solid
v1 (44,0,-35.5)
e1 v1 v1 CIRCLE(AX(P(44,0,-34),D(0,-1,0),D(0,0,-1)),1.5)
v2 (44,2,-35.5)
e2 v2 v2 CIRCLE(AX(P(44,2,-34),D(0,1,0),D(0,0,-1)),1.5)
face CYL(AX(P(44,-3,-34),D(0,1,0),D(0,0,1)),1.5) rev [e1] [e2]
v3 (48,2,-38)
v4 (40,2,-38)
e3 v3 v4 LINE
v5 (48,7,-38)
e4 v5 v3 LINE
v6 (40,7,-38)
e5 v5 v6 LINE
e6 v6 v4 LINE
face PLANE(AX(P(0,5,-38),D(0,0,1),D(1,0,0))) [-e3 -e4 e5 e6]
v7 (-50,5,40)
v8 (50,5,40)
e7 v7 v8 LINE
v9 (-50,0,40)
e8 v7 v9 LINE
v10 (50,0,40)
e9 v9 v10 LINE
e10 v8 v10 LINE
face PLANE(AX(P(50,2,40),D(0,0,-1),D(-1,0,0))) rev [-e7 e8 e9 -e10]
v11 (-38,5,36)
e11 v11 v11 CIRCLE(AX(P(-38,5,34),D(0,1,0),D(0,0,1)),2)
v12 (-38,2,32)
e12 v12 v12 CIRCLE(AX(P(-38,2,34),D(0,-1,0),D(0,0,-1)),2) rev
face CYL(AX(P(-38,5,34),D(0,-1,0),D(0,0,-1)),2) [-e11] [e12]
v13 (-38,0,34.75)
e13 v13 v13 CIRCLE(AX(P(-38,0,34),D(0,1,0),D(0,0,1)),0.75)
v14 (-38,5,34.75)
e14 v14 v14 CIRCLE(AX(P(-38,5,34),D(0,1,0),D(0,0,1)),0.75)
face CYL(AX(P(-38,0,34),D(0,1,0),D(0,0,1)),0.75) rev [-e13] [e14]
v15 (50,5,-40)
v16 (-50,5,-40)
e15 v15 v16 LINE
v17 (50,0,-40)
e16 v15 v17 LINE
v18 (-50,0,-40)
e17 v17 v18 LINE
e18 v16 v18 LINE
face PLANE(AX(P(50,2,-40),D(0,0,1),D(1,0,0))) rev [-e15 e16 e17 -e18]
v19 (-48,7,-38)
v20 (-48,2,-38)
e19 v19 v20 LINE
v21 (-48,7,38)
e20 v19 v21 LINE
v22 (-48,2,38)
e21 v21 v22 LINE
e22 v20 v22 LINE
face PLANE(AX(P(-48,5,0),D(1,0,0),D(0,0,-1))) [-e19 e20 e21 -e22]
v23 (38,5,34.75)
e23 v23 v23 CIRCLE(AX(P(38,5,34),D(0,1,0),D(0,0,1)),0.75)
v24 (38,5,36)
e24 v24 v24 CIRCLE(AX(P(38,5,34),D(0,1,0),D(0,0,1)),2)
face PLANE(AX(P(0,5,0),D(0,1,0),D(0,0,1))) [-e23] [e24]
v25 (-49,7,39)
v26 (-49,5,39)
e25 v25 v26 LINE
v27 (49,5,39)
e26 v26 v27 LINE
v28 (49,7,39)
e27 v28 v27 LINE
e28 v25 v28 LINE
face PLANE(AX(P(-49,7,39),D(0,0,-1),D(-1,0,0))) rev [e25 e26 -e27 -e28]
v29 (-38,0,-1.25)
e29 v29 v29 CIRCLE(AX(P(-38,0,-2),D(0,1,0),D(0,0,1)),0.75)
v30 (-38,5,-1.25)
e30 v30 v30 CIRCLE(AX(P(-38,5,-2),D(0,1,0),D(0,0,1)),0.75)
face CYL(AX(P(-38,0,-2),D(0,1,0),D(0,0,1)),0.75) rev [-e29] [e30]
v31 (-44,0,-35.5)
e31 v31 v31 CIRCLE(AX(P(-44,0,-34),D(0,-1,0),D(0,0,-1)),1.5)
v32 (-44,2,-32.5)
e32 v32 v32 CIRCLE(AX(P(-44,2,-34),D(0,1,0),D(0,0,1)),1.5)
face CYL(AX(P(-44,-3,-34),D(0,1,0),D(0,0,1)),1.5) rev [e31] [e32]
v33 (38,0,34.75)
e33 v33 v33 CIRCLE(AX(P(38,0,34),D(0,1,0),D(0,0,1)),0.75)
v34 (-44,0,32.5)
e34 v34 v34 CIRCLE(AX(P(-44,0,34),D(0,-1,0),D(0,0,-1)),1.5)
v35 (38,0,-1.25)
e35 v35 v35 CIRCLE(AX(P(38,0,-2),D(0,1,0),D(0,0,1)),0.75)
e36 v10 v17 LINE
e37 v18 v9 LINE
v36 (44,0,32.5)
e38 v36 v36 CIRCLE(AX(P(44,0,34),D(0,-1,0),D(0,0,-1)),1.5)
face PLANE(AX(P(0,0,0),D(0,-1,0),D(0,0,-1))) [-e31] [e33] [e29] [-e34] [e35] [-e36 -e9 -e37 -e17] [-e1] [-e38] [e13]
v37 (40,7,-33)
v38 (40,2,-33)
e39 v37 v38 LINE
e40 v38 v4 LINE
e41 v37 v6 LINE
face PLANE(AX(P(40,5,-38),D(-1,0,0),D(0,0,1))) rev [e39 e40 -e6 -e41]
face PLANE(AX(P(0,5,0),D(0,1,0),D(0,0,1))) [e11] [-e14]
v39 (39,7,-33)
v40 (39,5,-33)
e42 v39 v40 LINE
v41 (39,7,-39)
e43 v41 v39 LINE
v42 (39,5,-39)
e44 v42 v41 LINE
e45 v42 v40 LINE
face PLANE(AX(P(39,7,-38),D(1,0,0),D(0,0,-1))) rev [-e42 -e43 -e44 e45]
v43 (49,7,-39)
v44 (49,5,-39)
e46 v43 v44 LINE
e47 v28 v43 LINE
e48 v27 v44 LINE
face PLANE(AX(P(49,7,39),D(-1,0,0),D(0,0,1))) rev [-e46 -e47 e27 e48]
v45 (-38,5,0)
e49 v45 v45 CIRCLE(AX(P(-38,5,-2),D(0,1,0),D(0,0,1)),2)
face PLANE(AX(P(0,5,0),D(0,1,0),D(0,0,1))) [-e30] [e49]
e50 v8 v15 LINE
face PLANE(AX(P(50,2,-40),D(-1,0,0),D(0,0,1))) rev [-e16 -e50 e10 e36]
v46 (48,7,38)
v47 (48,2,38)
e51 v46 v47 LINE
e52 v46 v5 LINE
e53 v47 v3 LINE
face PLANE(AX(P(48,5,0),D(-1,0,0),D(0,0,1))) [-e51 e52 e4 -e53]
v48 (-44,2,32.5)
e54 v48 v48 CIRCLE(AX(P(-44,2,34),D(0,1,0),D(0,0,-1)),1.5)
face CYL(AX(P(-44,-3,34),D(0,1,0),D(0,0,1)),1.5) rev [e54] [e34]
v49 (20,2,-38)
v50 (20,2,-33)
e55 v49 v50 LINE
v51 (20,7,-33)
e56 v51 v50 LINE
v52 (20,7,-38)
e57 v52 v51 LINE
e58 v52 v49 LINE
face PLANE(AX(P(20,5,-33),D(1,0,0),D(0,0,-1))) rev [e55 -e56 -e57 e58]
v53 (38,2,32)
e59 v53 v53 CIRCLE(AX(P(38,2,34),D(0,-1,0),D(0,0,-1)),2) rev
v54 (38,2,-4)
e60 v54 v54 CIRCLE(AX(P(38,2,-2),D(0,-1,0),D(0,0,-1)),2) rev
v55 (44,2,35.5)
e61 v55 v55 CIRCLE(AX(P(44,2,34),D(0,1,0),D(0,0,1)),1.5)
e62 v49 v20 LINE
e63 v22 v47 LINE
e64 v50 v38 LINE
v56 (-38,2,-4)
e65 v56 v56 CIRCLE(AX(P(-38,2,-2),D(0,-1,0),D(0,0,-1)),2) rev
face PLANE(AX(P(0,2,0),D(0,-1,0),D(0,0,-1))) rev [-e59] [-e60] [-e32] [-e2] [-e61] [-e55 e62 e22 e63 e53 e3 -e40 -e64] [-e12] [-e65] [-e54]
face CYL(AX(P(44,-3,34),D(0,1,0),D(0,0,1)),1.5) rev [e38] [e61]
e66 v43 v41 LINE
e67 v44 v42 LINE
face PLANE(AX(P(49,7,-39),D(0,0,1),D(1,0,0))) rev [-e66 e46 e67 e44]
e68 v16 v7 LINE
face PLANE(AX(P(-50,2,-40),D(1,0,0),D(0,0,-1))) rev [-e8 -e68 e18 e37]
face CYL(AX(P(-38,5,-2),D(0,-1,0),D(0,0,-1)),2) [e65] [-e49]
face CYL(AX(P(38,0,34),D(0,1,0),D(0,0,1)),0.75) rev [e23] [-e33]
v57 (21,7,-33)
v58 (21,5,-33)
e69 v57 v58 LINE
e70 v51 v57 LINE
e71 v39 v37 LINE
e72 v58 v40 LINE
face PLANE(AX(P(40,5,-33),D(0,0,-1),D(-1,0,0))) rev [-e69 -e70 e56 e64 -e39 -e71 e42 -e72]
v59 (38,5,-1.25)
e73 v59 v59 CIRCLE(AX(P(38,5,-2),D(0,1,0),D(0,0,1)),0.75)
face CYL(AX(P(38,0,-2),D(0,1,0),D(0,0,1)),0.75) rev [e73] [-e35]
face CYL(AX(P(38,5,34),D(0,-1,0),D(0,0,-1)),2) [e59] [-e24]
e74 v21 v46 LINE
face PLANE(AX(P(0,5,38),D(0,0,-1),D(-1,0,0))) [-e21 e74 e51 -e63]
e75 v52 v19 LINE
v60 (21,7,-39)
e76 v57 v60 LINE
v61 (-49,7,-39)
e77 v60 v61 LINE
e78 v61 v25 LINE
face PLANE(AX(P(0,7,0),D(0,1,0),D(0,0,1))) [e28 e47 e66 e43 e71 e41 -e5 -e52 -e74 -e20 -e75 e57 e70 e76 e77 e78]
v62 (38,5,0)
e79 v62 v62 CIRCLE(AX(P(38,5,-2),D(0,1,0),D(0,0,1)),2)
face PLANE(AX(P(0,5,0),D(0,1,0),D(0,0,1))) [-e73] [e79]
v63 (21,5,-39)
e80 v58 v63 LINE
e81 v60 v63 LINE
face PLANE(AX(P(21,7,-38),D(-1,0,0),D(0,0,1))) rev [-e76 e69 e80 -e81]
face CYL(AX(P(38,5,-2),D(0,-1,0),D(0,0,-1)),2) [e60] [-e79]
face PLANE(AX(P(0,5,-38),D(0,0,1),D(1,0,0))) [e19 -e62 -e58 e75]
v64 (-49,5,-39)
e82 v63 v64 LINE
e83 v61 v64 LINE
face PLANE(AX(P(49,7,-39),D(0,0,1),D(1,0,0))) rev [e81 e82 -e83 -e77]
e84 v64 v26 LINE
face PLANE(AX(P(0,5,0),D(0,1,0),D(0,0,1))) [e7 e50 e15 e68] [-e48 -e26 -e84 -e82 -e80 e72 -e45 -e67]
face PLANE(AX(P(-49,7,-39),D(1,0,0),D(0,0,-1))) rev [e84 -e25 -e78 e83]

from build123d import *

# Parameters (mm, degrees)
ESQUISSE1_W             = 100
ESQUISSE1_H             = 80
BOSS_EXTRU_1_DEPTH      = 2
ESQUISSE2_W             = 100
ESQUISSE2_H             = 80
ESQUISSE2_W_2           = 96
ESQUISSE2_H_2           = 76
ESQUISSE2_R             = 2
BOSS_EXTRU_2_DEPTH      = 3
ESQUISSE3_R             = 0.75
ENL_V_MAT_EXTRU_1_DEPTH = 5
ESQUISSE4_R             = 1.5
ENL_V_MAT_EXTRU_2_DEPTH = 5
ESQUISSE5_W             = 98
ESQUISSE5_H             = 78
ESQUISSE5_W_2           = 96
ESQUISSE5_H_2           = 76
BOSS_EXTRU_3_DEPTH      = 2
ESQUISSE6_W             = 20
ESQUISSE6_H             = 5
BOSS_EXTRU_4_DEPTH      = 3
ESQUISSE7_W             = 1
ESQUISSE7_H             = 5
BOSS_EXTRU_5_DEPTH      = 2
ESQUISSE8_W             = 18
ESQUISSE8_H             = 2
ENL_V_MAT_EXTRU_3_DEPTH = 2


with BuildPart() as part:
    # Esquisse1 → Boss.-Extru.1 (new body)
    with BuildSketch(Plane(origin=(0, 0, 0), x_dir=(1, 0, 0), z_dir=(0, 1, 0))):
        Rectangle(ESQUISSE1_W, ESQUISSE1_H)
    extrude(amount=BOSS_EXTRU_1_DEPTH)

    # Esquisse2 → Boss.-Extru.2 (add)
    with BuildSketch(Plane(origin=(0, 2, 0), x_dir=(1, 0, 0), z_dir=(0, 1, 0))):
        Rectangle(ESQUISSE2_W, ESQUISSE2_H)
        Rectangle(ESQUISSE2_W_2, ESQUISSE2_H_2, mode=Mode.SUBTRACT)
        with Locations((38, -34)):
            Circle(ESQUISSE2_R)
        with Locations((38, 2)):
            Circle(ESQUISSE2_R)
        with Locations((-38, -34)):
            Circle(ESQUISSE2_R)
        with Locations((-38, 2)):
            Circle(ESQUISSE2_R)
    extrude(amount=BOSS_EXTRU_2_DEPTH)

    # Esquisse3 → Enlèv. mat.-Extru.1 (cut)
    with BuildSketch(Plane(origin=(0, 5, 0), x_dir=(1, 0, 0), z_dir=(0, 1, 0))):
        with Locations((-38, 2)):
            Circle(ESQUISSE3_R)
        with Locations((-38, -34)):
            Circle(ESQUISSE3_R)
        with Locations((38, 2)):
            Circle(ESQUISSE3_R)
        with Locations((38, -34)):
            Circle(ESQUISSE3_R)
    extrude(amount=-ENL_V_MAT_EXTRU_1_DEPTH, mode=Mode.SUBTRACT)

    # Esquisse4 → Enlèv. mat.-Extru.2 (cut)
    with BuildSketch(Plane(origin=(0, 2, 0), x_dir=(1, 0, 0), z_dir=(0, 1, 0))):
        with Locations((-44, 34)):
            Circle(ESQUISSE4_R)
        with Locations((44, 34)):
            Circle(ESQUISSE4_R)
        with Locations((44, -34)):
            Circle(ESQUISSE4_R)
        with Locations((-44, -34)):
            Circle(ESQUISSE4_R)
    extrude(amount=-ENL_V_MAT_EXTRU_2_DEPTH, mode=Mode.SUBTRACT)

    # Esquisse5 → Boss.-Extru.3 (add)
    with BuildSketch(Plane(origin=(0, 5, 0), x_dir=(1, 0, 0), z_dir=(0, 1, 0))):
        Rectangle(ESQUISSE5_W, ESQUISSE5_H)
        Rectangle(ESQUISSE5_W_2, ESQUISSE5_H_2, mode=Mode.SUBTRACT)
    extrude(amount=BOSS_EXTRU_3_DEPTH)

    # Esquisse6 → Boss.-Extru.4 (add)
    with BuildSketch(Plane(origin=(0, 2, 0), x_dir=(1, 0, 0), z_dir=(0, 1, 0))):
        with Locations((30, 35.5)):
            Rectangle(ESQUISSE6_W, ESQUISSE6_H)
    extrude(amount=BOSS_EXTRU_4_DEPTH)

    # Esquisse7 → Boss.-Extru.5 (add)
    with BuildSketch(Plane(origin=(0, 5, 0), x_dir=(1, 0, 0), z_dir=(0, 1, 0))):
        with Locations((20.5, 35.5)):
            Rectangle(ESQUISSE7_W, ESQUISSE7_H)
        with Locations((39.5, 35.5)):
            Rectangle(ESQUISSE7_W, ESQUISSE7_H)
    extrude(amount=BOSS_EXTRU_5_DEPTH)

    # Esquisse8 → Enlèv. mat.-Extru.3 (cut)
    with BuildSketch(Plane.XY.offset(-38)):
        with Locations((30, 6)):
            Rectangle(ESQUISSE8_W, ESQUISSE8_H)
    extrude(amount=-ENL_V_MAT_EXTRU_3_DEPTH, mode=Mode.SUBTRACT)


solid = part.part
